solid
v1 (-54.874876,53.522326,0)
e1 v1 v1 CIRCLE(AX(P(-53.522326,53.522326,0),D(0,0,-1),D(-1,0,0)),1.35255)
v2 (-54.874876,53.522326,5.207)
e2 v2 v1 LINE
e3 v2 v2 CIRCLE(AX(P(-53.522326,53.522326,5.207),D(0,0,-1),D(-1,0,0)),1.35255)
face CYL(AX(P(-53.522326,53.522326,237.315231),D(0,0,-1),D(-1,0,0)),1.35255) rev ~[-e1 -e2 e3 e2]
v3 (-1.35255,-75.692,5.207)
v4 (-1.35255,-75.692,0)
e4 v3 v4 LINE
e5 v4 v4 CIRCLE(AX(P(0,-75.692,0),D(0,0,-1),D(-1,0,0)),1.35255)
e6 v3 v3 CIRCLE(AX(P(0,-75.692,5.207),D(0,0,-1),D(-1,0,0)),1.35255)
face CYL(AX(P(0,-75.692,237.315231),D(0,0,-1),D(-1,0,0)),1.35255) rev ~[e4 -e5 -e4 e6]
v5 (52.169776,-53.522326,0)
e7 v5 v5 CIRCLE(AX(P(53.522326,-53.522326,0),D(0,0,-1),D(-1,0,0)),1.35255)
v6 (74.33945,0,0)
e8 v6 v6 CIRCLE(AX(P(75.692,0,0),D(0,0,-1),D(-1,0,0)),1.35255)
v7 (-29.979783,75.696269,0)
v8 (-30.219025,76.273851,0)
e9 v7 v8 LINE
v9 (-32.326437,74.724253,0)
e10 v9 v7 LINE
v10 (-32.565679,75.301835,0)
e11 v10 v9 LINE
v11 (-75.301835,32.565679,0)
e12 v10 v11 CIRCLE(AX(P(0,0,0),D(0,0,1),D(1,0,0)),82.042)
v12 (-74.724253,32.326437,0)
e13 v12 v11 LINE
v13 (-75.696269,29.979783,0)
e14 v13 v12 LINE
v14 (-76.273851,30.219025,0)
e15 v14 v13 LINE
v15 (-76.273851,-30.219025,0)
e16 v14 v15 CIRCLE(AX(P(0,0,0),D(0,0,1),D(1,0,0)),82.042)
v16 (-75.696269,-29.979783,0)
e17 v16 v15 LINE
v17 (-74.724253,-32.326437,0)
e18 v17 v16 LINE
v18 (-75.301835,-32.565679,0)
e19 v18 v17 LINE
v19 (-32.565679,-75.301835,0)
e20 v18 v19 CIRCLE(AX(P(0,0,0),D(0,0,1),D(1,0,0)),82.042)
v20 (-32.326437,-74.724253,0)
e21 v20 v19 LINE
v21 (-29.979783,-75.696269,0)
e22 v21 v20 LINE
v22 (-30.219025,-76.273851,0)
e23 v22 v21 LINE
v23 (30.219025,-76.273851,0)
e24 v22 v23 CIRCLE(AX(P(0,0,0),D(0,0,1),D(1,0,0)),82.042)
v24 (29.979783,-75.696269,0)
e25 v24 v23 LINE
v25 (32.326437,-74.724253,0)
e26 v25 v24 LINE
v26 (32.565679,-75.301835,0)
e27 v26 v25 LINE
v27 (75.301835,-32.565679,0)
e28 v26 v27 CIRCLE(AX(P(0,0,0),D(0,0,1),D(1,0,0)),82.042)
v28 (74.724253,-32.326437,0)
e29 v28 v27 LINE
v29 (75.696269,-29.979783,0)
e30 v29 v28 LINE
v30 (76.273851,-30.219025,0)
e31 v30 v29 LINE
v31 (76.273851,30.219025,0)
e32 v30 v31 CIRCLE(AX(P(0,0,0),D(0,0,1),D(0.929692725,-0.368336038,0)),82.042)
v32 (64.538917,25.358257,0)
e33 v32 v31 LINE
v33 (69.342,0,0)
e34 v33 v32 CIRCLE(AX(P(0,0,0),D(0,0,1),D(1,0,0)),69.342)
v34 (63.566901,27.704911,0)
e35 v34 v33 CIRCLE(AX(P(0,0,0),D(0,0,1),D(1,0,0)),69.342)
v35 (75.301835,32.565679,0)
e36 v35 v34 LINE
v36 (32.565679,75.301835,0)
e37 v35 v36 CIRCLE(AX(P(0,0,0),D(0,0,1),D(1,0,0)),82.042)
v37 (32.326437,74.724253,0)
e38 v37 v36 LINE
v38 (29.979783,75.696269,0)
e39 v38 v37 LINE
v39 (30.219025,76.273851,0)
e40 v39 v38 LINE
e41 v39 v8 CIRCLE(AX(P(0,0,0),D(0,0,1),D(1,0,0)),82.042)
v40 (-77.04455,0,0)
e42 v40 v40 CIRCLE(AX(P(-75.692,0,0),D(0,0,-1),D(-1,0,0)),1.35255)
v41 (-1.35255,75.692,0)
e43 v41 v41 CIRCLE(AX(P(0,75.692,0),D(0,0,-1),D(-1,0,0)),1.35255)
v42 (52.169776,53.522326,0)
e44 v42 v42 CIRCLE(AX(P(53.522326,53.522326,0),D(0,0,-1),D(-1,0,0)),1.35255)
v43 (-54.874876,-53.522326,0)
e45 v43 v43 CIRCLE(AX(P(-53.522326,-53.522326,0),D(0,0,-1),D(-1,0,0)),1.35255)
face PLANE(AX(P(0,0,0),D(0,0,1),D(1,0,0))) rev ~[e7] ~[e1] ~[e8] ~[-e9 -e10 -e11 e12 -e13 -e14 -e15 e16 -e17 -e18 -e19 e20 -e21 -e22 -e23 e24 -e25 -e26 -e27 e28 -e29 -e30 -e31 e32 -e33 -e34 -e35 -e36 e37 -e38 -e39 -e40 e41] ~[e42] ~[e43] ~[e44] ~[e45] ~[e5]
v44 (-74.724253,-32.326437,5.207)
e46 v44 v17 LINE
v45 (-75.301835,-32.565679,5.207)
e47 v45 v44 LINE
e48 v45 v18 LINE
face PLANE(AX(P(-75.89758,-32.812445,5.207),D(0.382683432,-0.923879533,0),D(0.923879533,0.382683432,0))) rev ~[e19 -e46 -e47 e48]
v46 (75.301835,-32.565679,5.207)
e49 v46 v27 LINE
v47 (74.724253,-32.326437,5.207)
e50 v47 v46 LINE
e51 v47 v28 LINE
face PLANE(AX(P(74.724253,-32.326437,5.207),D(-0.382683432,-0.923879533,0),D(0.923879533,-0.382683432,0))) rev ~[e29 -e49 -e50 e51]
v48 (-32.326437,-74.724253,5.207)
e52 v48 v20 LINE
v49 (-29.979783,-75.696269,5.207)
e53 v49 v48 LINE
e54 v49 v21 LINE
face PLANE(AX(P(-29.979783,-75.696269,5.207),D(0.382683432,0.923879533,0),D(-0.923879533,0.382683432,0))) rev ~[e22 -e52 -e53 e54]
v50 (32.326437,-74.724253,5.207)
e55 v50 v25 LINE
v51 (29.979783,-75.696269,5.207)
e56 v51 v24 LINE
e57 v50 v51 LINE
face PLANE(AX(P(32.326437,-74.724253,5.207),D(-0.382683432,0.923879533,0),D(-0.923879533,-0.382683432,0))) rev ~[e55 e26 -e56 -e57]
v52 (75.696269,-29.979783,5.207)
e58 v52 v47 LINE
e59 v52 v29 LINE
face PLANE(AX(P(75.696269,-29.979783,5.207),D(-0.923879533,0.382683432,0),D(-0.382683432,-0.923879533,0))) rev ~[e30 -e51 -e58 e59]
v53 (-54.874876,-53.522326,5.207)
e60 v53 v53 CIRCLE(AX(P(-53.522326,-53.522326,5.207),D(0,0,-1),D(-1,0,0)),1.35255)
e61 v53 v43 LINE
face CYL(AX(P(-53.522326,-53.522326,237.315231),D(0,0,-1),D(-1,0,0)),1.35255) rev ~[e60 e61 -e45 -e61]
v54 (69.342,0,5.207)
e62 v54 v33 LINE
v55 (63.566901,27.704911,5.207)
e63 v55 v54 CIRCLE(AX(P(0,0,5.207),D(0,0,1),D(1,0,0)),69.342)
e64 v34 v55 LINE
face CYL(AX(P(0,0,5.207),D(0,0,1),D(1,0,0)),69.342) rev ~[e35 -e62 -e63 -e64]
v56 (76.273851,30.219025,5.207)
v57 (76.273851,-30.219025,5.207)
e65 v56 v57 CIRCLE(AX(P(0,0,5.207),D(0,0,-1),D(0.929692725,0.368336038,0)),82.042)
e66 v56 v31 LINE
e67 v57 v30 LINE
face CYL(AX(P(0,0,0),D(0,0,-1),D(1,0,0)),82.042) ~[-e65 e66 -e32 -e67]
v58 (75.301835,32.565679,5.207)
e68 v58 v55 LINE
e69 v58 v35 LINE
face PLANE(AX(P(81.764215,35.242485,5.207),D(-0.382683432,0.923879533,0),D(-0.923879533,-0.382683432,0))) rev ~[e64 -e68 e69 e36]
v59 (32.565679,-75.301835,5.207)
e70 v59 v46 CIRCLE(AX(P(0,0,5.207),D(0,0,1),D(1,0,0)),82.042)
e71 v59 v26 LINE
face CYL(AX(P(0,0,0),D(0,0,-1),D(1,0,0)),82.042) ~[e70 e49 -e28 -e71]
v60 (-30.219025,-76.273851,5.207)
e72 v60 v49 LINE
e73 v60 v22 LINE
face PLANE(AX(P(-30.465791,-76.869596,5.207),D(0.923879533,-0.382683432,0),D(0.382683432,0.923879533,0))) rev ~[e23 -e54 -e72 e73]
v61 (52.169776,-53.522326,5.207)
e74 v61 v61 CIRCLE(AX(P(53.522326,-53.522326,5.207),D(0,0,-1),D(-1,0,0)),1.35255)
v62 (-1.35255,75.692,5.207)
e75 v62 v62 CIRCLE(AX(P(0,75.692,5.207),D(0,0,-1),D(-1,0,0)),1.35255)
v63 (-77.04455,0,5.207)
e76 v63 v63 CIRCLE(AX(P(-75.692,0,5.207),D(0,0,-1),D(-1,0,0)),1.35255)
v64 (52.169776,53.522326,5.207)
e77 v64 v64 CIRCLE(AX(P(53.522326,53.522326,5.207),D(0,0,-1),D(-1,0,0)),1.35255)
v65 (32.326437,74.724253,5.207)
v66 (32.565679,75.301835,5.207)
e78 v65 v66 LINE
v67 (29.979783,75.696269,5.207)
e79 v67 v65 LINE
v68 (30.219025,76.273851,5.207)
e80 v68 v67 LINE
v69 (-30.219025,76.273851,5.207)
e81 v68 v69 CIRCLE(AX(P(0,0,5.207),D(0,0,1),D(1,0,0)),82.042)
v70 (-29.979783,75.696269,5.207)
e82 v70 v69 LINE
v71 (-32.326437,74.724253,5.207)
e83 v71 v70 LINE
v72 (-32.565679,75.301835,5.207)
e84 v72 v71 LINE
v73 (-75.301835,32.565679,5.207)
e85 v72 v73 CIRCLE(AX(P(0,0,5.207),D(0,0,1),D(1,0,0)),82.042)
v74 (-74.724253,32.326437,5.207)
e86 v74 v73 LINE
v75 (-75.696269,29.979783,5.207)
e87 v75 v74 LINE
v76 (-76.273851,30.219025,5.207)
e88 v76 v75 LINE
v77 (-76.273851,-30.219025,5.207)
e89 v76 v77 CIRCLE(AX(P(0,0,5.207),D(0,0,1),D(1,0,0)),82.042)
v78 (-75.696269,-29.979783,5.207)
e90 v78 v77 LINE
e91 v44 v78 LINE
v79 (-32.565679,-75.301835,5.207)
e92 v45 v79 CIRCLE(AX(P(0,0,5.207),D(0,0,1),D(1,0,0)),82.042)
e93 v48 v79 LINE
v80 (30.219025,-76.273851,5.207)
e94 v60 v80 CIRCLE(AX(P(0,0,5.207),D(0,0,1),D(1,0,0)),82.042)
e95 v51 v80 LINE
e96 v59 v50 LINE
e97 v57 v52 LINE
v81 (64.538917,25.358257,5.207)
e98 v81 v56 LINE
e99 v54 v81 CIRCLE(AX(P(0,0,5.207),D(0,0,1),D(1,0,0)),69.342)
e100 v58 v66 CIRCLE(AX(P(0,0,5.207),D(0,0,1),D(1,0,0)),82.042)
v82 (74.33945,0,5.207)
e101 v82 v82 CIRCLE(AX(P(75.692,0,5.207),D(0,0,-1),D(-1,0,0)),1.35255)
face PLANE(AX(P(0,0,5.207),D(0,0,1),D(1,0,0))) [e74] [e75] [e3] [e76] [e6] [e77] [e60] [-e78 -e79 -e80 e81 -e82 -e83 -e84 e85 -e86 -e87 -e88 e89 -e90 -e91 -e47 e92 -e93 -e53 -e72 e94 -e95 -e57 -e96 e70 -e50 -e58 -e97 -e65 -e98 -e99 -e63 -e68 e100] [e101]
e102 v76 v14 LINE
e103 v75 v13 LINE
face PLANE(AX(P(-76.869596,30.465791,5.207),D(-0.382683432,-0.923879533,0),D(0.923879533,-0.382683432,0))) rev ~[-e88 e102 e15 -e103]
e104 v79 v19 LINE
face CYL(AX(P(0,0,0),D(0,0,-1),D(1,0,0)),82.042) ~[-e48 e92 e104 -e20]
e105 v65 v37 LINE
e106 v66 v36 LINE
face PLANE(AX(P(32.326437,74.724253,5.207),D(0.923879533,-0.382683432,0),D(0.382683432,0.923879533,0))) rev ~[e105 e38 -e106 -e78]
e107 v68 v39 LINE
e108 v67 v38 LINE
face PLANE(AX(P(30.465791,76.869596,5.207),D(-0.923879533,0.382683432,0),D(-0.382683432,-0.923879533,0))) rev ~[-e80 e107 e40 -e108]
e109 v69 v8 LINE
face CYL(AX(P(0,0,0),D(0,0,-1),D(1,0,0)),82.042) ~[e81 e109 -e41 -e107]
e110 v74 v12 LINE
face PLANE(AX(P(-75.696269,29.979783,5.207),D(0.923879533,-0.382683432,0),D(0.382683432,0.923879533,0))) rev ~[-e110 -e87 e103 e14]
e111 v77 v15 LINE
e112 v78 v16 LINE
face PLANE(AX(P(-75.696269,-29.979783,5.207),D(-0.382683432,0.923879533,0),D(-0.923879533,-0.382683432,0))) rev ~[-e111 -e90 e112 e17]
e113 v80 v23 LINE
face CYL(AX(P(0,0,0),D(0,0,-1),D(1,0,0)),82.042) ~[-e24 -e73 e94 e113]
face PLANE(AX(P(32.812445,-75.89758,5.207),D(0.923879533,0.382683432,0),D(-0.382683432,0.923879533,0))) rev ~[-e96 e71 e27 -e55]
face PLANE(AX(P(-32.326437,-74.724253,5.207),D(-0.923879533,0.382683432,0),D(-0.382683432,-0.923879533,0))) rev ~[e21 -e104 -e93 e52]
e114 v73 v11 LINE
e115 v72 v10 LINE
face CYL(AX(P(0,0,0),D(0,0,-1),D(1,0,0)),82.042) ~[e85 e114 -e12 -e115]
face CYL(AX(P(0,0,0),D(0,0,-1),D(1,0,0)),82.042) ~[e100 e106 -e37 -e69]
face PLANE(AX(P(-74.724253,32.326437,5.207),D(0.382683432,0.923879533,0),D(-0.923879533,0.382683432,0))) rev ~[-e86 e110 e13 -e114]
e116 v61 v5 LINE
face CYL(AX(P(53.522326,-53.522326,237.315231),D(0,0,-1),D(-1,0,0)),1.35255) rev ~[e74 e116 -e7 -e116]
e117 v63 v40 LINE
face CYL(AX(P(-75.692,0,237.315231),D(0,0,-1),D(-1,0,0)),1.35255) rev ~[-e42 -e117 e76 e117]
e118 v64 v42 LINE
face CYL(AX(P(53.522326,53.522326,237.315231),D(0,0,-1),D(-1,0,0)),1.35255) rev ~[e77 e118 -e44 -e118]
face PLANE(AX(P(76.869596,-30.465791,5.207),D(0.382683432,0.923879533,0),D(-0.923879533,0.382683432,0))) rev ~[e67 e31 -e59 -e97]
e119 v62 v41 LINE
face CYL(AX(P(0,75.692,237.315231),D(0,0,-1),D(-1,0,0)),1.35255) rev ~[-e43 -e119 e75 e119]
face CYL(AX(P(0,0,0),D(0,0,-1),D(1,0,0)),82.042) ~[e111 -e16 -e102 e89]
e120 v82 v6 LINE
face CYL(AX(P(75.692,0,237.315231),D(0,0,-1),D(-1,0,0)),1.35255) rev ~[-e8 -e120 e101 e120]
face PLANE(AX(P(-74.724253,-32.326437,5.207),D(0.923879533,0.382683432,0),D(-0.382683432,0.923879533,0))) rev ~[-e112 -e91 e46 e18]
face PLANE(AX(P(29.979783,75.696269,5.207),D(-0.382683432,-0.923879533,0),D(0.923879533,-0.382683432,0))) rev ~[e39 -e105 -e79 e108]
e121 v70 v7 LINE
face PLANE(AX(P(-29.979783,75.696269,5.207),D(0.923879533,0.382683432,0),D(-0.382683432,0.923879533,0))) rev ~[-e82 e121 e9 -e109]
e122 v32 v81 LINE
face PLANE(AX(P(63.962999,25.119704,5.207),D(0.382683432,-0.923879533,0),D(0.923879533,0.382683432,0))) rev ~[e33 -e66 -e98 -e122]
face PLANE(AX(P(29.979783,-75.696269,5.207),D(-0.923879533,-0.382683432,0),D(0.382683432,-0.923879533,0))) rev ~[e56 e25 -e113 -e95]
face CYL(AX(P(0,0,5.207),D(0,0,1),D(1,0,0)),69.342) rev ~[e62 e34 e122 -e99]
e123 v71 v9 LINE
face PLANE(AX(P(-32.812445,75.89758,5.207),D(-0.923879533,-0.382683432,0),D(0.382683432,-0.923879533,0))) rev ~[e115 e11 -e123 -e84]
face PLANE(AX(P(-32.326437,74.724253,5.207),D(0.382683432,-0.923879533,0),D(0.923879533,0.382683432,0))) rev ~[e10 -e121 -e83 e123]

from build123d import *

# Parameters (mm, degrees)
SKETCH4_R             = 82.042
BOSS_EXTRUDE2_DEPTH   = 5.207
SKETCH5_R             = 69.342
CUT_EXTRUDE5_DEPTH    = 6.207
CUT_EXTRUDE11_DEPTH   = 6.207
F_6_32_TAPPED_HOLE1_D = 2.7051


with BuildPart() as part:
    # Sketch4 → Boss-Extrude2 (new body)
    with BuildSketch(Plane.XY):
        Circle(SKETCH4_R)
    extrude(amount=BOSS_EXTRUDE2_DEPTH)

    # Sketch5 → Cut-Extrude5 (cut, through all)
    with BuildSketch(Plane.XY.offset(5.207)):
        Circle(SKETCH5_R)
    extrude(amount=-CUT_EXTRUDE5_DEPTH, mode=Mode.SUBTRACT)

    # Sketch8 → Cut-Extrude11 (cut, through all)
    with BuildSketch(Plane.XY.offset(5.207)):
        Polygon((81.764215182, 35.242484939), (62.990983081, 27.466357594), (63.962998999, 25.119703581), (82.7362311, 32.895830927), align=None)
        Polygon((32.812445144, 75.89758015), (30.465791131, 76.869596069), (29.979783172, 75.696269062), (32.326437185, 74.724253144), align=None)
        Polygon((-30.465791131, 76.869596069), (-32.812445144, 75.89758015), (-32.326437185, 74.724253144), (-29.979783172, 75.696269062), align=None)
        Polygon((-75.89758015, 32.812445144), (-76.869596069, 30.465791131), (-75.696269062, 29.979783172), (-74.724253144, 32.326437185), align=None)
        Polygon((-76.869596069, -30.465791131), (-75.89758015, -32.812445144), (-74.724253144, -32.326437185), (-75.696269062, -29.979783172), align=None)
        Polygon((-32.812445144, -75.89758015), (-30.465791131, -76.869596069), (-29.979783172, -75.696269062), (-32.326437185, -74.724253144), align=None)
        Polygon((30.465791131, -76.869596069), (32.812445144, -75.89758015), (32.326437185, -74.724253144), (29.979783172, -75.696269062), align=None)
        Polygon((75.89758015, -32.812445144), (76.869596069, -30.465791131), (75.696269062, -29.979783172), (74.724253144, -32.326437185), align=None)
    extrude(amount=-CUT_EXTRUDE11_DEPTH, mode=Mode.SUBTRACT)

    # #6-32 Tapped Hole1 (through all)
    with Locations(Plane.XY.offset(5.207)):
        with Locations((75.692, 0), (53.522326482, -53.522326482), (0, -75.692), (-53.522326482, -53.522326482), (-75.692, 0), (-53.522326482, 53.522326482), (0, 75.692), (53.522326482, 53.522326482)):
            Hole(F_6_32_TAPPED_HOLE1_D / 2)


solid = part.part
